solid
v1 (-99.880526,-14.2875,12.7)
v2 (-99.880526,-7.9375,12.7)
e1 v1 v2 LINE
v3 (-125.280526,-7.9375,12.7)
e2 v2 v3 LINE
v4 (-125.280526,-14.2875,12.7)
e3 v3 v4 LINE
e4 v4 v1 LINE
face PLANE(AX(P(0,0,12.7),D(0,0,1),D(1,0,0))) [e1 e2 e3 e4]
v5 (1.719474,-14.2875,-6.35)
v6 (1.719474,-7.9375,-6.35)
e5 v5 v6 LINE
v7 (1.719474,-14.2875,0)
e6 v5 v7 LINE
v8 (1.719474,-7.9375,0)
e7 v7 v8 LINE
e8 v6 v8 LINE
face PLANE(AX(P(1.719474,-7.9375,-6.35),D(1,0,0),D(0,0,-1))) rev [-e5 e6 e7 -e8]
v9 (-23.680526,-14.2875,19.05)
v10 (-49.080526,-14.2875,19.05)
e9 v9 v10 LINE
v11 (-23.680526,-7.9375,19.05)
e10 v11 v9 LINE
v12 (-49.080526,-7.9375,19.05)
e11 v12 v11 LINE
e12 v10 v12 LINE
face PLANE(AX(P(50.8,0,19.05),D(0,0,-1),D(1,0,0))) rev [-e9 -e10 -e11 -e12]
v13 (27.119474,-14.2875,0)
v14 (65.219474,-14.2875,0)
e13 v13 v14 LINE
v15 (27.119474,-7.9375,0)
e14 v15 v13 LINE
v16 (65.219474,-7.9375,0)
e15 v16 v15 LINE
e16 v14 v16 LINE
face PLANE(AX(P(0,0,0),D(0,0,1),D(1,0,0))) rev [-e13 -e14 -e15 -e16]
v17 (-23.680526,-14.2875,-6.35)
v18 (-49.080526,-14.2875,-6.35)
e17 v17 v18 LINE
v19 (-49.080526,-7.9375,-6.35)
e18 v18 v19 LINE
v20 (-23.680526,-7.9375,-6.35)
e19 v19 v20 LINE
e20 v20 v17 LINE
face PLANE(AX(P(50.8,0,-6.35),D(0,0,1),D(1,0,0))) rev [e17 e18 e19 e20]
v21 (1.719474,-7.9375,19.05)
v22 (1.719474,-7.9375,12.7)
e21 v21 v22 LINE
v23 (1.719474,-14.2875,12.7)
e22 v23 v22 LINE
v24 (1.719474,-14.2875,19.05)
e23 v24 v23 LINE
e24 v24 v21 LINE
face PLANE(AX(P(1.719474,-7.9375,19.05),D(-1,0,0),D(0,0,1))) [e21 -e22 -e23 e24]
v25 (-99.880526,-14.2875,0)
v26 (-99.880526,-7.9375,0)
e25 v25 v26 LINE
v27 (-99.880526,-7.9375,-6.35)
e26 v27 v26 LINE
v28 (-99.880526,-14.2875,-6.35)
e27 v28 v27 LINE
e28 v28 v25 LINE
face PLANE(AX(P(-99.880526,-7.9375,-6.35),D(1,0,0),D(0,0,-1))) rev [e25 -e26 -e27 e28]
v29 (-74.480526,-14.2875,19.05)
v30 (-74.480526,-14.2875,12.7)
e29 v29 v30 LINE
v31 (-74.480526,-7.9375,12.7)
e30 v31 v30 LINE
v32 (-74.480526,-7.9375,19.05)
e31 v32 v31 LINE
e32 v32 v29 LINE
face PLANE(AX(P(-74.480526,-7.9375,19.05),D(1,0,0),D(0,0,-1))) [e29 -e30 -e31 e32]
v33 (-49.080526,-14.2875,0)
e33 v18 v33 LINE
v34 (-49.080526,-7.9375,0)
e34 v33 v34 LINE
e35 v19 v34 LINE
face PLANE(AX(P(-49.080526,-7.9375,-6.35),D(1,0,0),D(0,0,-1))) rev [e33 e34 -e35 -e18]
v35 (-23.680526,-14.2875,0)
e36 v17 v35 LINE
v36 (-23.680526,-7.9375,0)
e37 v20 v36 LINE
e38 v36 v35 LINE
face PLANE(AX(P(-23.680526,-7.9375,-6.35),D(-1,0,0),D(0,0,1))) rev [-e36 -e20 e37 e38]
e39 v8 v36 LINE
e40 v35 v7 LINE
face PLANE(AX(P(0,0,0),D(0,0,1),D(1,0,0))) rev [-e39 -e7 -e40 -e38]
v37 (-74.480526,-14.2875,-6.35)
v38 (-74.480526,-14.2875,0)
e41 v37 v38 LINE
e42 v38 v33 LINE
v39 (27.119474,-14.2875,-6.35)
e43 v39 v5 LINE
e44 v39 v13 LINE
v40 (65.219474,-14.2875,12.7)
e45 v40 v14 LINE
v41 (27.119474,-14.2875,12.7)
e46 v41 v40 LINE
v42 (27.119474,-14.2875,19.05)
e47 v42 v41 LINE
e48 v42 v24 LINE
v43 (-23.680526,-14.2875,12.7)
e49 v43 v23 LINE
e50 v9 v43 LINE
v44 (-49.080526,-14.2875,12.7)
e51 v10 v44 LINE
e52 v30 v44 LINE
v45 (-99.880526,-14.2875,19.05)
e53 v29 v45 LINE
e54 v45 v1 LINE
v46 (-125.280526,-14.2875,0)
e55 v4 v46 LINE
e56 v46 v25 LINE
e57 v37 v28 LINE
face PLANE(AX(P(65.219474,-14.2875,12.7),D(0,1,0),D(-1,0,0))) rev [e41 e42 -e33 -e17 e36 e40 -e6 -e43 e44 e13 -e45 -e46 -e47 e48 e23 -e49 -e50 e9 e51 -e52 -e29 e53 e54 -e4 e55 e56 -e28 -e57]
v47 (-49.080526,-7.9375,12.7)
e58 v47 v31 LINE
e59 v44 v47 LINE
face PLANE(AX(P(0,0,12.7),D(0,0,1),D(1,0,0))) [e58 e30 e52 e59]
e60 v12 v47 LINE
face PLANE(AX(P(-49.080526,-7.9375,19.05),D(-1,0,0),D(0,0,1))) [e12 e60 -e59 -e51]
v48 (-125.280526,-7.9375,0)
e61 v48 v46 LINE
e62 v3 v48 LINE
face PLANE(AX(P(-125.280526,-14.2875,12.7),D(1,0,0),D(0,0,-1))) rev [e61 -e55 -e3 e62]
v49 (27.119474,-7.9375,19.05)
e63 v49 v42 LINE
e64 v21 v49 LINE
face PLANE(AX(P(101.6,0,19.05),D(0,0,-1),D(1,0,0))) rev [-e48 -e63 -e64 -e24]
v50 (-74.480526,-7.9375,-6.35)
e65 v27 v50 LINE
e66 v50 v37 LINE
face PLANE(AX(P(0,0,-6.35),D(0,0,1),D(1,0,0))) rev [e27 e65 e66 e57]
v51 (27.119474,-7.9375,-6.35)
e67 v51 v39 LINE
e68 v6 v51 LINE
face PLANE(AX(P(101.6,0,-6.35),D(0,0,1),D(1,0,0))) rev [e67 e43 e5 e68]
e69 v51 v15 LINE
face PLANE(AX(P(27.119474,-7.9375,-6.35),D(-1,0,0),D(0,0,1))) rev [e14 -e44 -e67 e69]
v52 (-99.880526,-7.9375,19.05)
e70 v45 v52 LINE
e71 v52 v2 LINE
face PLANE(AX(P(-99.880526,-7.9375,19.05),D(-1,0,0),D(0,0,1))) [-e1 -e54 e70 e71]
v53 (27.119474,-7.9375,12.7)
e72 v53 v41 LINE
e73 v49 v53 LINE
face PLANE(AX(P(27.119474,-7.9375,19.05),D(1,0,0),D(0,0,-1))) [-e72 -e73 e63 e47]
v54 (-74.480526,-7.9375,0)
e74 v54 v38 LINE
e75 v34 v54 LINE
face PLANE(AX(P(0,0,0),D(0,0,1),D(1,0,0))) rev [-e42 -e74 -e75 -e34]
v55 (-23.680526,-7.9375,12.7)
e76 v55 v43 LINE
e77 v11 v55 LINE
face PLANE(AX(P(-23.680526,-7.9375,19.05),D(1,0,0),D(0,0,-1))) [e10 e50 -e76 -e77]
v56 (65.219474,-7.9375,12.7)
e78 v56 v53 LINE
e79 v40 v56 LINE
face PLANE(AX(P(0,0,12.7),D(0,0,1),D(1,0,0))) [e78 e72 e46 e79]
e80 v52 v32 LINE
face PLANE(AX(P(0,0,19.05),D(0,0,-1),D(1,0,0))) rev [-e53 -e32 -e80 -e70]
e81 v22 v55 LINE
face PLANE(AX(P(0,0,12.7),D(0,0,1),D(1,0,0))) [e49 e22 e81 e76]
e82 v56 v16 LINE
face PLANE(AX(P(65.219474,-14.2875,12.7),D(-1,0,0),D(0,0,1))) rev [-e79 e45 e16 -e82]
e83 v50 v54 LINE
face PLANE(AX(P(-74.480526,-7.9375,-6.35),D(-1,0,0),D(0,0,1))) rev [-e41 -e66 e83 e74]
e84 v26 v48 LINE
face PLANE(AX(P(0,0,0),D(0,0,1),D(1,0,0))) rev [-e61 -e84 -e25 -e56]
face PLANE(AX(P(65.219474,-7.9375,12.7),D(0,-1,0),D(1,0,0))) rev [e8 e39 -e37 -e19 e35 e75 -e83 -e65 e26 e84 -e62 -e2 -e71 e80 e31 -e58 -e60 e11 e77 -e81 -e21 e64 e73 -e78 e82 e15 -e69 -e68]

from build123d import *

# Parameters (mm, degrees)
SKETCH1_W               = 190.5
SKETCH1_H               = 6.35
BOSS_EXTRUDE1_DEPTH     = 12.7
SKETCH2_W               = 25.4
SKETCH2_H               = 6.35
BOSS_EXTRUDE2_DEPTH     = 6.35
LPATTERN1_COUNT         = 3
LPATTERN1_PITCH         = 50.8
MIRROR1_COPY_1_SKETCH_W = 25.4
MIRROR1_COPY_1_SKETCH_H = 6.35
MIRROR1_COPY_1_DEPTH    = 6.35
MIRROR1_COPY_2_SKETCH_W = 25.4
MIRROR1_COPY_2_SKETCH_H = 6.35
MIRROR1_COPY_2_DEPTH    = 6.35


with BuildPart() as part:
    # Sketch1 → Boss-Extrude1 (new body)
    with BuildSketch(Plane.XY):
        with Locations((-30.030526088, -11.1125)):
            Rectangle(SKETCH1_W, SKETCH1_H)
    extrude(amount=BOSS_EXTRUDE1_DEPTH)

    # Sketch2 → Boss-Extrude2 (add)
    with BuildSketch(Plane(origin=(0, 0, 0), x_dir=(-1, 0, 0), z_dir=(0, 0, -1))):
        with Locations((87.180526088, -11.1125)):
            Rectangle(SKETCH2_W, SKETCH2_H)
    boss_extrude2 = extrude(amount=BOSS_EXTRUDE2_DEPTH)

    # LPattern1: Boss-Extrude2 ×3
    with Locations(*[(i * LPATTERN1_PITCH, 0, 0) for i in range(1, LPATTERN1_COUNT)]):
        add(boss_extrude2)

    # Mirror1: Boss-Extrude2 across plane
    add(boss_extrude2.mirror(Plane(origin=(-125.280526088, -20.6375, 6.35), x_dir=(1, 0, 0), z_dir=(0, 0, 1))))

    # Mirror1 copy 1 sketch → Mirror1 copy 1 (add)
    with BuildSketch(Plane(origin=(50.8, 0, 12.7), x_dir=(-1, 0, 0), z_dir=(0, 0, 1))):
        with Locations((87.180526088, 11.1125)):
            Rectangle(MIRROR1_COPY_1_SKETCH_W, MIRROR1_COPY_1_SKETCH_H)
    extrude(amount=MIRROR1_COPY_1_DEPTH)

    # Mirror1 copy 2 sketch → Mirror1 copy 2 (add)
    with BuildSketch(Plane(origin=(101.6, 0, 12.7), x_dir=(-1, 0, 0), z_dir=(0, 0, 1))):
        with Locations((87.180526088, 11.1125)):
            Rectangle(MIRROR1_COPY_2_SKETCH_W, MIRROR1_COPY_2_SKETCH_H)
    extrude(amount=MIRROR1_COPY_2_DEPTH)


solid = part.part
